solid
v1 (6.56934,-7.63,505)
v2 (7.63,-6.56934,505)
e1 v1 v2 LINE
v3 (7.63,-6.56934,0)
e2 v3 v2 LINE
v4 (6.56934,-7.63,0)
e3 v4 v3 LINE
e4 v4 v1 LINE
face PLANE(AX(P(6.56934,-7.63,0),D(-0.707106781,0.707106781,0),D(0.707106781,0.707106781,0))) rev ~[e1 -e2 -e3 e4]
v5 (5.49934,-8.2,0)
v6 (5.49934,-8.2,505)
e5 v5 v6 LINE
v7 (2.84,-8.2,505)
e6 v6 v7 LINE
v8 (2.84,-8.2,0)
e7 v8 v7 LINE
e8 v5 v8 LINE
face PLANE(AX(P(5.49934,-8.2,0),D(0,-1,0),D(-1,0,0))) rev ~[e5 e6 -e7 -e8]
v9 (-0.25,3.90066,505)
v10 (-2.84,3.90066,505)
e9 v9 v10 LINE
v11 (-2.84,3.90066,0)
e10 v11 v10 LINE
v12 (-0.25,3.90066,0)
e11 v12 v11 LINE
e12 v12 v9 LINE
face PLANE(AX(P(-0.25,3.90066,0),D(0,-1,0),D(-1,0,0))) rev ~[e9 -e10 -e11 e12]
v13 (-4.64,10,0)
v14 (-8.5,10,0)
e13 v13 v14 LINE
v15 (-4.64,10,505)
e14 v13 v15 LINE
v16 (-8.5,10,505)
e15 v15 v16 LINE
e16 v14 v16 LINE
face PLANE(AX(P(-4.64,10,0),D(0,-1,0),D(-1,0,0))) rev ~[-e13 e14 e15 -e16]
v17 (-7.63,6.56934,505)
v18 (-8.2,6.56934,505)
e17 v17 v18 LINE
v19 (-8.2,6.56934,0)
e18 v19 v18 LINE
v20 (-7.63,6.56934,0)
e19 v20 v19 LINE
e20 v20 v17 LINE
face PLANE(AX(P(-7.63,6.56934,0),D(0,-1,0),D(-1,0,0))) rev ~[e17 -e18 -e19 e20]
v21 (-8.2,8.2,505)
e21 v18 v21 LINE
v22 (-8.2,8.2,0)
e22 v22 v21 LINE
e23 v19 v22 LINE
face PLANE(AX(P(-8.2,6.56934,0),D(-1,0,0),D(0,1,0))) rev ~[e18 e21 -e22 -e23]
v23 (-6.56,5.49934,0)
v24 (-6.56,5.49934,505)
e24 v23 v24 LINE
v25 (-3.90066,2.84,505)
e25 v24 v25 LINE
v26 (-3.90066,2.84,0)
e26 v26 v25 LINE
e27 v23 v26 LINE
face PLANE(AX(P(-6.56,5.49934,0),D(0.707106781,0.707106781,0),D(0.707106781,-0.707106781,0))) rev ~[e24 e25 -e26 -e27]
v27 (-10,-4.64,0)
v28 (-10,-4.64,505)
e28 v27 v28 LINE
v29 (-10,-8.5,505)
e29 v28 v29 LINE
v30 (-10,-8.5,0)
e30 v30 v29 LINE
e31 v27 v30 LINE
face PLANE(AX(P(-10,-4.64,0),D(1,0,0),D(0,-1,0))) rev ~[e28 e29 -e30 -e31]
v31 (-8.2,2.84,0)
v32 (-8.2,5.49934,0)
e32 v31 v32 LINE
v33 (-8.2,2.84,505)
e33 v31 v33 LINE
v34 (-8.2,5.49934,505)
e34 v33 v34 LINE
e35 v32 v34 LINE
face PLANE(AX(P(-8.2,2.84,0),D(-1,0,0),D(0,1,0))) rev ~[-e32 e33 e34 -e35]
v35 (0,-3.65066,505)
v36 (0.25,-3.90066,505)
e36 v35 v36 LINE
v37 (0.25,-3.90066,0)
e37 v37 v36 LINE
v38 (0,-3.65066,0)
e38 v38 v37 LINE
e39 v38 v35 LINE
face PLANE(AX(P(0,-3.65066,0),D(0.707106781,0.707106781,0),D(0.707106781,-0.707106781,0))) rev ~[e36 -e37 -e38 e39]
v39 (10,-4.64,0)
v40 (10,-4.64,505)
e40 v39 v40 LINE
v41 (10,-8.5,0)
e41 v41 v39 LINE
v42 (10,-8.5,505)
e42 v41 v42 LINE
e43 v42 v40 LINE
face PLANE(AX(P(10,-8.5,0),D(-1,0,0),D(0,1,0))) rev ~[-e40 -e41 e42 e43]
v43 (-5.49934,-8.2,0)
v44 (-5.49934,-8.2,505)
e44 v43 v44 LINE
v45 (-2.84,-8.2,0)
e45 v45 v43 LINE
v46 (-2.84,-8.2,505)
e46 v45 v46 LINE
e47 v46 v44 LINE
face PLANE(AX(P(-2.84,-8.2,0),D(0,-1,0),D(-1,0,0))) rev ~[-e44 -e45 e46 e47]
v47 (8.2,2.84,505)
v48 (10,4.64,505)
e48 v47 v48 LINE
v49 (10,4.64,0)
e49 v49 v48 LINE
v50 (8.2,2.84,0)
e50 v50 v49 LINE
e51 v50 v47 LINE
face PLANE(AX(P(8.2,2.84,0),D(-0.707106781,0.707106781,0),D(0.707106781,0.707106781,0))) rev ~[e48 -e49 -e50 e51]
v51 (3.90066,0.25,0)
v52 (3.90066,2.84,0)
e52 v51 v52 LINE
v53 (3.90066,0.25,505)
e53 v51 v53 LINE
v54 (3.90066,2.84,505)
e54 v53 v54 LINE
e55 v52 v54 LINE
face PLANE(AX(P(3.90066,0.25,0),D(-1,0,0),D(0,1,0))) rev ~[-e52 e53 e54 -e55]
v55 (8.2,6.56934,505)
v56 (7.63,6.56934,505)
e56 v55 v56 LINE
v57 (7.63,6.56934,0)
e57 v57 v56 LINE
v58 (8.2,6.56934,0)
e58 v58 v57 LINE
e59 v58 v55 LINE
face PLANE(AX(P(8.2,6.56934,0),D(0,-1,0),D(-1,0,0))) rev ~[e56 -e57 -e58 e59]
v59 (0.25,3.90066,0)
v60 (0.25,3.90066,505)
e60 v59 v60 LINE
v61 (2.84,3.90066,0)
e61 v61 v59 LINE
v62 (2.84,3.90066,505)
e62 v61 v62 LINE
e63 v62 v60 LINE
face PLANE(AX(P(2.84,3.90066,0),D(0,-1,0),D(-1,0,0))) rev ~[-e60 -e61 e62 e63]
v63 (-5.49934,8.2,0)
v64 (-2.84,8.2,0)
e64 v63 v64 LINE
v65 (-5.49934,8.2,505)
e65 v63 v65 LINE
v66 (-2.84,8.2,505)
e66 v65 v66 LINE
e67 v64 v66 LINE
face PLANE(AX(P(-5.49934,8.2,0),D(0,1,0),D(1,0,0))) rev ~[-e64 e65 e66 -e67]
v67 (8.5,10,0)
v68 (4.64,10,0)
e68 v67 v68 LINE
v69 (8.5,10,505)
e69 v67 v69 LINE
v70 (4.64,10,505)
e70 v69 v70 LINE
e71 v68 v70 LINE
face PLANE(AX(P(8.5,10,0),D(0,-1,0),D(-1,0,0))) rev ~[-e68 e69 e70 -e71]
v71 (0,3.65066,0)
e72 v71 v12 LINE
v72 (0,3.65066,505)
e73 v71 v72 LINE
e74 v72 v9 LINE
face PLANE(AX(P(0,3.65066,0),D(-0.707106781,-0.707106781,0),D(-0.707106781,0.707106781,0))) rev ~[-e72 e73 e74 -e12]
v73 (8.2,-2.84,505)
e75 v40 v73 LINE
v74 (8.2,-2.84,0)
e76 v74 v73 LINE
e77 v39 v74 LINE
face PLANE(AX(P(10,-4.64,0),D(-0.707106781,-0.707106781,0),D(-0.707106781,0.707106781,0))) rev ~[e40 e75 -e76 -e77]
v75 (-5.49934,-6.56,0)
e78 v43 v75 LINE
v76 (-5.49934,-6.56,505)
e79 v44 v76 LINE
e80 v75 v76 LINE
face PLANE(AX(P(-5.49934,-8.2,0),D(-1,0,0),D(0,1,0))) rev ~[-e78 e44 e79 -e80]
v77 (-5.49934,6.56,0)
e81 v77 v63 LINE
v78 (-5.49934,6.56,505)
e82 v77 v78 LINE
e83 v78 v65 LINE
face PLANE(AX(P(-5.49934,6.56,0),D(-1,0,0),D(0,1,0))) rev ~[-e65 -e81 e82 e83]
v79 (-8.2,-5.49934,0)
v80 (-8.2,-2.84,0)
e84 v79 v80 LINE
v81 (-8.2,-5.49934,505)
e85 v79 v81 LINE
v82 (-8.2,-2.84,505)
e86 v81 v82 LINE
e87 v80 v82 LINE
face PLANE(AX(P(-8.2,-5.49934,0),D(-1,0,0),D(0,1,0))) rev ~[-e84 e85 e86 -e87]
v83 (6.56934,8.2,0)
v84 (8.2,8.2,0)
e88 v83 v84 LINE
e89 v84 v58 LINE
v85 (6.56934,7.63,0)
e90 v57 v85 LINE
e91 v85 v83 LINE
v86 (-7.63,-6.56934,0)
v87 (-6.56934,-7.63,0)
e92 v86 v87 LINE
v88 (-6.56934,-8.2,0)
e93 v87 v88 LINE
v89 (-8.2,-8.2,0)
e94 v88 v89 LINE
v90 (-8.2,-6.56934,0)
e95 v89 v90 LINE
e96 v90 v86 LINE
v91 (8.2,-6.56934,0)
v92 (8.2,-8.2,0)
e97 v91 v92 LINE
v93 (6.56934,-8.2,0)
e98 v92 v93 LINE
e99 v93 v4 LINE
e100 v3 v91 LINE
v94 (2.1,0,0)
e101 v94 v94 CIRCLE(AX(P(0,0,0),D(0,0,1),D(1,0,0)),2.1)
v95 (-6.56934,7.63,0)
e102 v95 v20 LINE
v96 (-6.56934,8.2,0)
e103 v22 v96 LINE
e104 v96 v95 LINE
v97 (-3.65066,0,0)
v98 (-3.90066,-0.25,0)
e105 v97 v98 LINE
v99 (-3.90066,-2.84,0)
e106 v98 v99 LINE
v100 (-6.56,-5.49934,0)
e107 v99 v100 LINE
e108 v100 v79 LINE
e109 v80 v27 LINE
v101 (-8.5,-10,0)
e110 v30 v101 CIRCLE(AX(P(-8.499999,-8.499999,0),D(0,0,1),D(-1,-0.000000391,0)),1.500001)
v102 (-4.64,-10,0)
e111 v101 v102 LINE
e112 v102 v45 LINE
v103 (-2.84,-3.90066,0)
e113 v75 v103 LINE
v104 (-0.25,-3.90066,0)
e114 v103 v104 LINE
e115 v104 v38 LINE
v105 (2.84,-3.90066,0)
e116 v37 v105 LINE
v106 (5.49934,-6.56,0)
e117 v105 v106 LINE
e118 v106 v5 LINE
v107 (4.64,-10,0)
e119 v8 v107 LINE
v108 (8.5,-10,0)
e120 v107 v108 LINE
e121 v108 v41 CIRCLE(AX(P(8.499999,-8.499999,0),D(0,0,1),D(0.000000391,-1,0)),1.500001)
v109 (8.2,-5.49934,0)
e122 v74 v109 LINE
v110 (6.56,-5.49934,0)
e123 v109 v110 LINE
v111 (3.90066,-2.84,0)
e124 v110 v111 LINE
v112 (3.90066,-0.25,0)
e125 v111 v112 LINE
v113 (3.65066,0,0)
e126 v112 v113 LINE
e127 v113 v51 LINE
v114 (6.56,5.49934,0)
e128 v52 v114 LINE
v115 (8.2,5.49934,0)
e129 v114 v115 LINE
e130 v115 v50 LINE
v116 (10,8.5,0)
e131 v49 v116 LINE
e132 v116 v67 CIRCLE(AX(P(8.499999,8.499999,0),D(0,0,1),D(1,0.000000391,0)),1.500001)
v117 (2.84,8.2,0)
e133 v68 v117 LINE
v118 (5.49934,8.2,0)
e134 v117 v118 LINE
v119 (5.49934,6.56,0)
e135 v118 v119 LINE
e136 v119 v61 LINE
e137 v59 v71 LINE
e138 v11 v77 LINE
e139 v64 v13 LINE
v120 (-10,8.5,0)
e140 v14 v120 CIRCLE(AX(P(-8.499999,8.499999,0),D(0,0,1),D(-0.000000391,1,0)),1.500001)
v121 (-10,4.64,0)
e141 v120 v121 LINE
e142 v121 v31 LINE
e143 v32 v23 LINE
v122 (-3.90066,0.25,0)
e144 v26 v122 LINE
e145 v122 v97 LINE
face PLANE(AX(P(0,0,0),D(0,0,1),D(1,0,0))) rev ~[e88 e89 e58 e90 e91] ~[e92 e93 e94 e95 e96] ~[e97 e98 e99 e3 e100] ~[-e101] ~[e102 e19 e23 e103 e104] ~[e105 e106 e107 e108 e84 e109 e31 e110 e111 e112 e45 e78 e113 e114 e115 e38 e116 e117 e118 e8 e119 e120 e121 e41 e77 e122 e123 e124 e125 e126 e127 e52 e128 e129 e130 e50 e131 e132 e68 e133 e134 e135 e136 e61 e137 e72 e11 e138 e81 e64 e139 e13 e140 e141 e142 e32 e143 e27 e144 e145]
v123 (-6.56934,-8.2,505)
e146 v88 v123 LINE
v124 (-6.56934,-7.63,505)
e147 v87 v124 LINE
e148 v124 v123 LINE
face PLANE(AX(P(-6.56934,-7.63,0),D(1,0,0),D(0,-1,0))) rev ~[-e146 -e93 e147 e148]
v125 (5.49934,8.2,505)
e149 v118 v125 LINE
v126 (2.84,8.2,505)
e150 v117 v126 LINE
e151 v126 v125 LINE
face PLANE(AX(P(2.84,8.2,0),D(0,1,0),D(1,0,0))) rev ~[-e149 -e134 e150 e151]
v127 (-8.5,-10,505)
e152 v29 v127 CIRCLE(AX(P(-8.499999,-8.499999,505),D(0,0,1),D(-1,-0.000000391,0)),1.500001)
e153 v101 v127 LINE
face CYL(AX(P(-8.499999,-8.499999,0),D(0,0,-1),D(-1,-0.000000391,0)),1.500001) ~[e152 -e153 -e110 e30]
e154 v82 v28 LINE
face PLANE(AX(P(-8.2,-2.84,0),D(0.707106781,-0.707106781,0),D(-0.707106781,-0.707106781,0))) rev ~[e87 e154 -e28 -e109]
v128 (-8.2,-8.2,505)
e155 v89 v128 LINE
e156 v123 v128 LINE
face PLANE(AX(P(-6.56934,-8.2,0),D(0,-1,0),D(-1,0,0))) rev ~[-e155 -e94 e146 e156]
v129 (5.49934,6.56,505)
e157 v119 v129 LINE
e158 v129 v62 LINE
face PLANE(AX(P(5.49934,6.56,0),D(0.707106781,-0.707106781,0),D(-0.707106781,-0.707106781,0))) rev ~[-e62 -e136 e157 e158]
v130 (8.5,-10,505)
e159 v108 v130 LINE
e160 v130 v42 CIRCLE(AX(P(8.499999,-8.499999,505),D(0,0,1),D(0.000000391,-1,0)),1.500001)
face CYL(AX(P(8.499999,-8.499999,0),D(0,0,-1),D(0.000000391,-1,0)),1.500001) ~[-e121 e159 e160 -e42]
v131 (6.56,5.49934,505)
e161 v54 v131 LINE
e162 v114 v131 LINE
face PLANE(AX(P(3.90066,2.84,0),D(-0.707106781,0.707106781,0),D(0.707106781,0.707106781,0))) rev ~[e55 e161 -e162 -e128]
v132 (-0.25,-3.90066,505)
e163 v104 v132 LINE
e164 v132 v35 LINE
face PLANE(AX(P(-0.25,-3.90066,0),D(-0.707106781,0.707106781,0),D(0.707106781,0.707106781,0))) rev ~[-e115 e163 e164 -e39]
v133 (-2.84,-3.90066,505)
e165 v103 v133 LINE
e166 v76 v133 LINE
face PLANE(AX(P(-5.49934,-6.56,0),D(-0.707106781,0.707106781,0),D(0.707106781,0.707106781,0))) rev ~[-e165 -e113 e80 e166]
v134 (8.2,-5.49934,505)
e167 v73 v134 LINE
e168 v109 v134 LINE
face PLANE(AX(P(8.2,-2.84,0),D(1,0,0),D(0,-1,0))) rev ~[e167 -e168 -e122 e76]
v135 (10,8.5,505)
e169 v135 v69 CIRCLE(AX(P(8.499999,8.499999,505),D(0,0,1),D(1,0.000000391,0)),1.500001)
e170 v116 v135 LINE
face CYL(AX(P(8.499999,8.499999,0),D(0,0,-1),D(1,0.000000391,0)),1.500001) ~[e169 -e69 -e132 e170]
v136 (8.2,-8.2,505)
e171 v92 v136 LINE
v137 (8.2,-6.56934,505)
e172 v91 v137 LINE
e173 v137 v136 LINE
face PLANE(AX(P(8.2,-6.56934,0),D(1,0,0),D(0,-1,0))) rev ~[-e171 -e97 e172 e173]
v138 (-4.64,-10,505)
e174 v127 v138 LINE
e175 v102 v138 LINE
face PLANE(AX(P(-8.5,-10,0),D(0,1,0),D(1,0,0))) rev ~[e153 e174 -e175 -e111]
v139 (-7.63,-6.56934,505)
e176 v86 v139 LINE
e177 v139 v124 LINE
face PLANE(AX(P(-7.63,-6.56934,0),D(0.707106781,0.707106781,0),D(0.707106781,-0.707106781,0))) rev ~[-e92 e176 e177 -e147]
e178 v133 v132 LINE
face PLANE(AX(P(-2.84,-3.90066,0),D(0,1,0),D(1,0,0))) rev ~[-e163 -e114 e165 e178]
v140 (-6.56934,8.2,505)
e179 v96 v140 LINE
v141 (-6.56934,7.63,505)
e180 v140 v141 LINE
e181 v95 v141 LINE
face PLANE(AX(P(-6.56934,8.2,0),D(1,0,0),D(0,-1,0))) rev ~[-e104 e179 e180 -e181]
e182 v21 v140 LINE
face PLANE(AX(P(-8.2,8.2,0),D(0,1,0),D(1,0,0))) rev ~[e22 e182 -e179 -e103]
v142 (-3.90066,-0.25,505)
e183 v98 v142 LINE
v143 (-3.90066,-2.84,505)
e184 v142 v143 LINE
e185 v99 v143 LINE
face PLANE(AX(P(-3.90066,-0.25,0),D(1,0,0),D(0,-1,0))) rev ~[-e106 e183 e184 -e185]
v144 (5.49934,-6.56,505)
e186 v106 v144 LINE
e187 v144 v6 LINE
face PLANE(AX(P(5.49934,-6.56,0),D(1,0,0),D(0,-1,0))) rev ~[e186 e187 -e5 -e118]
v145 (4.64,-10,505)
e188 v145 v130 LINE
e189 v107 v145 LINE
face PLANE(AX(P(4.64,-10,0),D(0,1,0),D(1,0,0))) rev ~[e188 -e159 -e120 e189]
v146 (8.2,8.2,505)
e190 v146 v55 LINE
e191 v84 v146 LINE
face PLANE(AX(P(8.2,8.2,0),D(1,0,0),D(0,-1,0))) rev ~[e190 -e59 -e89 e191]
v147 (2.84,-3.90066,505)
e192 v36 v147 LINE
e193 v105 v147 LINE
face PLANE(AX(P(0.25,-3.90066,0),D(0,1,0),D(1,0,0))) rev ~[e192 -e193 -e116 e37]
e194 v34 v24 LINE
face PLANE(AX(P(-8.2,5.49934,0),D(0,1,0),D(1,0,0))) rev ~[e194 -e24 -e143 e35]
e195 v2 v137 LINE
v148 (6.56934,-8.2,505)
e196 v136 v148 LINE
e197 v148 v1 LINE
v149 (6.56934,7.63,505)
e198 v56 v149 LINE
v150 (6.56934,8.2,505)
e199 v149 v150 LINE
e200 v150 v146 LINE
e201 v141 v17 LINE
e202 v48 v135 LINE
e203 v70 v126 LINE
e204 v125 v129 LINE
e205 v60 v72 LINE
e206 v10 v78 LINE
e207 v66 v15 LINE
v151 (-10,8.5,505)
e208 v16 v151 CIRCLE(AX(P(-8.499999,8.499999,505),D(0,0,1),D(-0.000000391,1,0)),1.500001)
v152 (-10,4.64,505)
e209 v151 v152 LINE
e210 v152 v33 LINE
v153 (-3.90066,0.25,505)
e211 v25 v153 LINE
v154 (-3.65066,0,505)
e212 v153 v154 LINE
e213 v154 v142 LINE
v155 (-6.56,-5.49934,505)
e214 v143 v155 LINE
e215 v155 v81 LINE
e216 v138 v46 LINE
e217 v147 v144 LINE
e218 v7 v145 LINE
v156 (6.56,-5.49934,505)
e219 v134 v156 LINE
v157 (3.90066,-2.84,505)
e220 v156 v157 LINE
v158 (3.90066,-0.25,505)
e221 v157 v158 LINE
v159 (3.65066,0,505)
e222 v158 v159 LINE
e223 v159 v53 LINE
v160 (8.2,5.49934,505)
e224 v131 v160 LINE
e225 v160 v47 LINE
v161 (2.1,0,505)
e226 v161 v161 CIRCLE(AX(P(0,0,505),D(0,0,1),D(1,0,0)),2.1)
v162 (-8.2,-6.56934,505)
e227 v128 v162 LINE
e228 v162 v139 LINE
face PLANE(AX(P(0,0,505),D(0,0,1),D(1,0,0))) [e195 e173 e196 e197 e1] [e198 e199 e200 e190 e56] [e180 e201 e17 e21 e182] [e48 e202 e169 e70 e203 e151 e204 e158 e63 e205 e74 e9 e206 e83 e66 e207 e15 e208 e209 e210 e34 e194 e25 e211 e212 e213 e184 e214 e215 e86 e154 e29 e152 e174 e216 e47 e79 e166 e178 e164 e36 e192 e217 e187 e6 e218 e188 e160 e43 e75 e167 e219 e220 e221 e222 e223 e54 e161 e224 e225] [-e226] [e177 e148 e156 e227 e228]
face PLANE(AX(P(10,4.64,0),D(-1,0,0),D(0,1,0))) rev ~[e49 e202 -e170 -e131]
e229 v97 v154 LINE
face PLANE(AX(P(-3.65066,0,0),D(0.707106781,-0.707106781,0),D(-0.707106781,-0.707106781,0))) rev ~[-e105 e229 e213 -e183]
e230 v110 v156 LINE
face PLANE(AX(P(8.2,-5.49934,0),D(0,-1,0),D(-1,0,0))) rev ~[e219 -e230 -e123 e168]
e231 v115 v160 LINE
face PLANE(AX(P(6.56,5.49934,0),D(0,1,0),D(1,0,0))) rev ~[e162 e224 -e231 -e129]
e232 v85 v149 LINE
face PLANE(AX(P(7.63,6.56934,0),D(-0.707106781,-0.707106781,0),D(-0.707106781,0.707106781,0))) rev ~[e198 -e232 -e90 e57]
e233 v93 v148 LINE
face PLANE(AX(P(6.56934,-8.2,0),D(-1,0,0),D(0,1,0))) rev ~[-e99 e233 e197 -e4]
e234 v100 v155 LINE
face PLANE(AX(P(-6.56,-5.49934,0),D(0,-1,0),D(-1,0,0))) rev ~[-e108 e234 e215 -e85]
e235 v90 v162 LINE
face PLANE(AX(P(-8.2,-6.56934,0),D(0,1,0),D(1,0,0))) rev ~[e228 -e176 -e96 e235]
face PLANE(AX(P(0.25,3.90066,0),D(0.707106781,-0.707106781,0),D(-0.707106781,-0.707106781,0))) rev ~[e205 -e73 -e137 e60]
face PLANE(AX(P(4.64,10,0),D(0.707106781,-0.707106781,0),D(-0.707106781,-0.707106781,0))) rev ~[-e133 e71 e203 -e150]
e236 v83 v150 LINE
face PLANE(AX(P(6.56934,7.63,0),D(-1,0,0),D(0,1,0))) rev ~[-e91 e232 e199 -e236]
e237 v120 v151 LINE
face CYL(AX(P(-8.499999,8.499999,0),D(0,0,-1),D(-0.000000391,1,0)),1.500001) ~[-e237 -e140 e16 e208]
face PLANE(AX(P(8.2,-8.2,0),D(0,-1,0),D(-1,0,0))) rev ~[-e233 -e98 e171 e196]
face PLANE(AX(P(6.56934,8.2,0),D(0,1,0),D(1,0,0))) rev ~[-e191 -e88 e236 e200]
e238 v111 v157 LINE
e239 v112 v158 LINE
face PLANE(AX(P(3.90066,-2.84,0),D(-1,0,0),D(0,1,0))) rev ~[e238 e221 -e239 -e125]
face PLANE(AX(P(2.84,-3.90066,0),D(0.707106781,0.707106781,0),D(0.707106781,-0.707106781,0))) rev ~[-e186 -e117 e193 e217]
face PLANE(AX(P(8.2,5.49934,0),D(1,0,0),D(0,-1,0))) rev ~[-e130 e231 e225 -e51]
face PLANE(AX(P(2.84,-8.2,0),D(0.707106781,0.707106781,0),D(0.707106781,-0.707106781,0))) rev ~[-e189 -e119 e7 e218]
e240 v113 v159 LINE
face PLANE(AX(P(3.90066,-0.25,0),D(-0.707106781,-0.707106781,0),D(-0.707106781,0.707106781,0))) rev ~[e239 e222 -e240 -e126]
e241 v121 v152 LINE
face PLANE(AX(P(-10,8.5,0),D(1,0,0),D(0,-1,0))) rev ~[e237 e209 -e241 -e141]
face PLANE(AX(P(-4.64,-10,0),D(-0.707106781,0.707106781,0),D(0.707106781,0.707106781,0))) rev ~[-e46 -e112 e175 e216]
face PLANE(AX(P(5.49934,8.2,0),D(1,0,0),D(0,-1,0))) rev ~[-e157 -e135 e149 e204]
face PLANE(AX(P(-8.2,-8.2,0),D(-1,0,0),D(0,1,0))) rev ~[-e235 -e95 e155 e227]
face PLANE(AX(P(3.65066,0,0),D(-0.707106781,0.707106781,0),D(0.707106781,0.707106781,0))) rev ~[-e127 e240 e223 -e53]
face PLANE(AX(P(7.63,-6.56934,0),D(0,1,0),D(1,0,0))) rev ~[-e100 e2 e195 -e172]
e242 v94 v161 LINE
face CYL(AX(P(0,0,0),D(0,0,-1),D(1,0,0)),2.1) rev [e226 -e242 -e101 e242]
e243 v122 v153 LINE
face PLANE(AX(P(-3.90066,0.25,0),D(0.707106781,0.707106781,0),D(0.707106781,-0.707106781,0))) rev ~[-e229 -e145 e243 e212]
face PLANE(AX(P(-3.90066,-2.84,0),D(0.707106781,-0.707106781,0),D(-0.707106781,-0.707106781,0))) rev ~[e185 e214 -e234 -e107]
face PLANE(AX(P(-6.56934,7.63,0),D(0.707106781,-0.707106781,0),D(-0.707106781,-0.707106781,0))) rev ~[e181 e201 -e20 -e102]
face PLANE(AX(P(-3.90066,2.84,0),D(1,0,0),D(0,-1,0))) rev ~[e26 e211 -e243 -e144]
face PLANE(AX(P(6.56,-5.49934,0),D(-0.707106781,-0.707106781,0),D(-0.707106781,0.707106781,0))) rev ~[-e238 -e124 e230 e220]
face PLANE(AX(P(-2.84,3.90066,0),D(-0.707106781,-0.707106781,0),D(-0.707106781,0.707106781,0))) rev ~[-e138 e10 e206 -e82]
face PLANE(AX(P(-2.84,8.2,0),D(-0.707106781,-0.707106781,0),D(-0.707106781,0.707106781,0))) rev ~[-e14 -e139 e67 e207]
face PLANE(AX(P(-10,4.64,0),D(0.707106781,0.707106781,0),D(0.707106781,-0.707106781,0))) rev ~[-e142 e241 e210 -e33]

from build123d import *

# Parameters (mm, degrees)
F0_R     = 2.1
F1_DEPTH = 505


with BuildPart() as f1:
    # F0 (on Top) → F1 (new body)
    with BuildSketch(Plane.XY):
        with BuildLine():
            Line((10, 4.64), (10, 8.5))
            ThreePointArc((10, 8.5), (9.56066, 9.56066), (8.5, 10))
            Line((8.5, 10), (4.64, 10))
            Line((4.64, 10), (2.84, 8.2))
            Line((2.84, 8.2), (5.49934, 8.2))
            Line((5.49934, 8.2), (5.49934, 6.56))
            Line((5.49934, 6.56), (2.84, 3.90066))
            Line((2.84, 3.90066), (0.25, 3.90066))
            Line((0.25, 3.90066), (0, 3.65066))
            Line((0, 3.65066), (-0.25, 3.90066))
            Line((-0.25, 3.90066), (-2.84, 3.90066))
            Line((-2.84, 3.90066), (-5.49934, 6.56))
            Line((-5.49934, 6.56), (-5.49934, 8.2))
            Line((-5.49934, 8.2), (-2.84, 8.2))
            Line((-2.84, 8.2), (-4.64, 10))
            Line((-4.64, 10), (-8.5, 10))
            ThreePointArc((-8.5, 10), (-9.56066, 9.56066), (-10, 8.5))
            Line((-10, 8.5), (-10, 4.64))
            Line((-10, 4.64), (-8.2, 2.84))
            Line((-8.2, 2.84), (-8.2, 5.49934))
            Line((-8.2, 5.49934), (-6.56, 5.49934))
            Line((-6.56, 5.49934), (-3.90066, 2.84))
            Line((-3.90066, 2.84), (-3.90066, 0.25))
            Line((-3.90066, 0.25), (-3.65066, 0))
            Line((-3.65066, 0), (-3.90066, -0.25))
            Line((-3.90066, -0.25), (-3.90066, -2.84))
            Line((-3.90066, -2.84), (-6.56, -5.49934))
            Line((-6.56, -5.49934), (-8.2, -5.49934))
            Line((-8.2, -5.49934), (-8.2, -2.84))
            Line((-8.2, -2.84), (-10, -4.64))
            Line((-10, -4.64), (-10, -8.5))
            ThreePointArc((-10, -8.5), (-9.56066, -9.56066), (-8.5, -10))
            Line((-8.5, -10), (-4.64, -10))
            Line((-4.64, -10), (-2.84, -8.2))
            Line((-2.84, -8.2), (-5.49934, -8.2))
            Line((-5.49934, -8.2), (-5.49934, -6.56))
            Line((-5.49934, -6.56), (-2.84, -3.90066))
            Line((-2.84, -3.90066), (-0.25, -3.90066))
            Line((-0.25, -3.90066), (0, -3.65066))
            Line((0, -3.65066), (0.25, -3.90066))
            Line((0.25, -3.90066), (2.84, -3.90066))
            Line((2.84, -3.90066), (5.49934, -6.56))
            Line((5.49934, -6.56), (5.49934, -8.2))
            Line((5.49934, -8.2), (2.84, -8.2))
            Line((2.84, -8.2), (4.64, -10))
            Line((4.64, -10), (8.5, -10))
            ThreePointArc((8.5, -10), (9.56066, -9.56066), (10, -8.5))
            Line((10, -8.5), (10, -4.64))
            Line((10, -4.64), (8.2, -2.84))
            Line((8.2, -2.84), (8.2, -5.49934))
            Line((8.2, -5.49934), (6.56, -5.49934))
            Line((6.56, -5.49934), (3.90066, -2.84))
            Line((3.90066, -2.84), (3.90066, -0.25))
            Line((3.90066, -0.25), (3.65066, 0))
            Line((3.65066, 0), (3.90066, 0.25))
            Line((3.90066, 0.25), (3.90066, 2.84))
            Line((3.90066, 2.84), (6.56, 5.49934))
            Line((6.56, 5.49934), (8.2, 5.49934))
            Line((8.2, 5.49934), (8.2, 2.84))
            Line((8.2, 2.84), (10, 4.64))
        make_face()
        Polygon((-6.56934, -7.63), (-6.56934, -8.2), (-8.2, -8.2), (-8.2, -6.56934), (-7.63, -6.56934), align=None, mode=Mode.SUBTRACT)
        Polygon((8.2, -8.2), (6.56934, -8.2), (6.56934, -7.63), (7.63, -6.56934), (8.2, -6.56934), align=None, mode=Mode.SUBTRACT)
        Polygon((-7.63, 6.56934), (-8.2, 6.56934), (-8.2, 8.2), (-6.56934, 8.2), (-6.56934, 7.63), align=None, mode=Mode.SUBTRACT)
        Circle(F0_R, mode=Mode.SUBTRACT)
        Polygon((6.56934, 7.63), (6.56934, 8.2), (8.2, 8.2), (8.2, 6.56934), (7.63, 6.56934), align=None, mode=Mode.SUBTRACT)
    extrude(amount=F1_DEPTH)


solid = f1.part
